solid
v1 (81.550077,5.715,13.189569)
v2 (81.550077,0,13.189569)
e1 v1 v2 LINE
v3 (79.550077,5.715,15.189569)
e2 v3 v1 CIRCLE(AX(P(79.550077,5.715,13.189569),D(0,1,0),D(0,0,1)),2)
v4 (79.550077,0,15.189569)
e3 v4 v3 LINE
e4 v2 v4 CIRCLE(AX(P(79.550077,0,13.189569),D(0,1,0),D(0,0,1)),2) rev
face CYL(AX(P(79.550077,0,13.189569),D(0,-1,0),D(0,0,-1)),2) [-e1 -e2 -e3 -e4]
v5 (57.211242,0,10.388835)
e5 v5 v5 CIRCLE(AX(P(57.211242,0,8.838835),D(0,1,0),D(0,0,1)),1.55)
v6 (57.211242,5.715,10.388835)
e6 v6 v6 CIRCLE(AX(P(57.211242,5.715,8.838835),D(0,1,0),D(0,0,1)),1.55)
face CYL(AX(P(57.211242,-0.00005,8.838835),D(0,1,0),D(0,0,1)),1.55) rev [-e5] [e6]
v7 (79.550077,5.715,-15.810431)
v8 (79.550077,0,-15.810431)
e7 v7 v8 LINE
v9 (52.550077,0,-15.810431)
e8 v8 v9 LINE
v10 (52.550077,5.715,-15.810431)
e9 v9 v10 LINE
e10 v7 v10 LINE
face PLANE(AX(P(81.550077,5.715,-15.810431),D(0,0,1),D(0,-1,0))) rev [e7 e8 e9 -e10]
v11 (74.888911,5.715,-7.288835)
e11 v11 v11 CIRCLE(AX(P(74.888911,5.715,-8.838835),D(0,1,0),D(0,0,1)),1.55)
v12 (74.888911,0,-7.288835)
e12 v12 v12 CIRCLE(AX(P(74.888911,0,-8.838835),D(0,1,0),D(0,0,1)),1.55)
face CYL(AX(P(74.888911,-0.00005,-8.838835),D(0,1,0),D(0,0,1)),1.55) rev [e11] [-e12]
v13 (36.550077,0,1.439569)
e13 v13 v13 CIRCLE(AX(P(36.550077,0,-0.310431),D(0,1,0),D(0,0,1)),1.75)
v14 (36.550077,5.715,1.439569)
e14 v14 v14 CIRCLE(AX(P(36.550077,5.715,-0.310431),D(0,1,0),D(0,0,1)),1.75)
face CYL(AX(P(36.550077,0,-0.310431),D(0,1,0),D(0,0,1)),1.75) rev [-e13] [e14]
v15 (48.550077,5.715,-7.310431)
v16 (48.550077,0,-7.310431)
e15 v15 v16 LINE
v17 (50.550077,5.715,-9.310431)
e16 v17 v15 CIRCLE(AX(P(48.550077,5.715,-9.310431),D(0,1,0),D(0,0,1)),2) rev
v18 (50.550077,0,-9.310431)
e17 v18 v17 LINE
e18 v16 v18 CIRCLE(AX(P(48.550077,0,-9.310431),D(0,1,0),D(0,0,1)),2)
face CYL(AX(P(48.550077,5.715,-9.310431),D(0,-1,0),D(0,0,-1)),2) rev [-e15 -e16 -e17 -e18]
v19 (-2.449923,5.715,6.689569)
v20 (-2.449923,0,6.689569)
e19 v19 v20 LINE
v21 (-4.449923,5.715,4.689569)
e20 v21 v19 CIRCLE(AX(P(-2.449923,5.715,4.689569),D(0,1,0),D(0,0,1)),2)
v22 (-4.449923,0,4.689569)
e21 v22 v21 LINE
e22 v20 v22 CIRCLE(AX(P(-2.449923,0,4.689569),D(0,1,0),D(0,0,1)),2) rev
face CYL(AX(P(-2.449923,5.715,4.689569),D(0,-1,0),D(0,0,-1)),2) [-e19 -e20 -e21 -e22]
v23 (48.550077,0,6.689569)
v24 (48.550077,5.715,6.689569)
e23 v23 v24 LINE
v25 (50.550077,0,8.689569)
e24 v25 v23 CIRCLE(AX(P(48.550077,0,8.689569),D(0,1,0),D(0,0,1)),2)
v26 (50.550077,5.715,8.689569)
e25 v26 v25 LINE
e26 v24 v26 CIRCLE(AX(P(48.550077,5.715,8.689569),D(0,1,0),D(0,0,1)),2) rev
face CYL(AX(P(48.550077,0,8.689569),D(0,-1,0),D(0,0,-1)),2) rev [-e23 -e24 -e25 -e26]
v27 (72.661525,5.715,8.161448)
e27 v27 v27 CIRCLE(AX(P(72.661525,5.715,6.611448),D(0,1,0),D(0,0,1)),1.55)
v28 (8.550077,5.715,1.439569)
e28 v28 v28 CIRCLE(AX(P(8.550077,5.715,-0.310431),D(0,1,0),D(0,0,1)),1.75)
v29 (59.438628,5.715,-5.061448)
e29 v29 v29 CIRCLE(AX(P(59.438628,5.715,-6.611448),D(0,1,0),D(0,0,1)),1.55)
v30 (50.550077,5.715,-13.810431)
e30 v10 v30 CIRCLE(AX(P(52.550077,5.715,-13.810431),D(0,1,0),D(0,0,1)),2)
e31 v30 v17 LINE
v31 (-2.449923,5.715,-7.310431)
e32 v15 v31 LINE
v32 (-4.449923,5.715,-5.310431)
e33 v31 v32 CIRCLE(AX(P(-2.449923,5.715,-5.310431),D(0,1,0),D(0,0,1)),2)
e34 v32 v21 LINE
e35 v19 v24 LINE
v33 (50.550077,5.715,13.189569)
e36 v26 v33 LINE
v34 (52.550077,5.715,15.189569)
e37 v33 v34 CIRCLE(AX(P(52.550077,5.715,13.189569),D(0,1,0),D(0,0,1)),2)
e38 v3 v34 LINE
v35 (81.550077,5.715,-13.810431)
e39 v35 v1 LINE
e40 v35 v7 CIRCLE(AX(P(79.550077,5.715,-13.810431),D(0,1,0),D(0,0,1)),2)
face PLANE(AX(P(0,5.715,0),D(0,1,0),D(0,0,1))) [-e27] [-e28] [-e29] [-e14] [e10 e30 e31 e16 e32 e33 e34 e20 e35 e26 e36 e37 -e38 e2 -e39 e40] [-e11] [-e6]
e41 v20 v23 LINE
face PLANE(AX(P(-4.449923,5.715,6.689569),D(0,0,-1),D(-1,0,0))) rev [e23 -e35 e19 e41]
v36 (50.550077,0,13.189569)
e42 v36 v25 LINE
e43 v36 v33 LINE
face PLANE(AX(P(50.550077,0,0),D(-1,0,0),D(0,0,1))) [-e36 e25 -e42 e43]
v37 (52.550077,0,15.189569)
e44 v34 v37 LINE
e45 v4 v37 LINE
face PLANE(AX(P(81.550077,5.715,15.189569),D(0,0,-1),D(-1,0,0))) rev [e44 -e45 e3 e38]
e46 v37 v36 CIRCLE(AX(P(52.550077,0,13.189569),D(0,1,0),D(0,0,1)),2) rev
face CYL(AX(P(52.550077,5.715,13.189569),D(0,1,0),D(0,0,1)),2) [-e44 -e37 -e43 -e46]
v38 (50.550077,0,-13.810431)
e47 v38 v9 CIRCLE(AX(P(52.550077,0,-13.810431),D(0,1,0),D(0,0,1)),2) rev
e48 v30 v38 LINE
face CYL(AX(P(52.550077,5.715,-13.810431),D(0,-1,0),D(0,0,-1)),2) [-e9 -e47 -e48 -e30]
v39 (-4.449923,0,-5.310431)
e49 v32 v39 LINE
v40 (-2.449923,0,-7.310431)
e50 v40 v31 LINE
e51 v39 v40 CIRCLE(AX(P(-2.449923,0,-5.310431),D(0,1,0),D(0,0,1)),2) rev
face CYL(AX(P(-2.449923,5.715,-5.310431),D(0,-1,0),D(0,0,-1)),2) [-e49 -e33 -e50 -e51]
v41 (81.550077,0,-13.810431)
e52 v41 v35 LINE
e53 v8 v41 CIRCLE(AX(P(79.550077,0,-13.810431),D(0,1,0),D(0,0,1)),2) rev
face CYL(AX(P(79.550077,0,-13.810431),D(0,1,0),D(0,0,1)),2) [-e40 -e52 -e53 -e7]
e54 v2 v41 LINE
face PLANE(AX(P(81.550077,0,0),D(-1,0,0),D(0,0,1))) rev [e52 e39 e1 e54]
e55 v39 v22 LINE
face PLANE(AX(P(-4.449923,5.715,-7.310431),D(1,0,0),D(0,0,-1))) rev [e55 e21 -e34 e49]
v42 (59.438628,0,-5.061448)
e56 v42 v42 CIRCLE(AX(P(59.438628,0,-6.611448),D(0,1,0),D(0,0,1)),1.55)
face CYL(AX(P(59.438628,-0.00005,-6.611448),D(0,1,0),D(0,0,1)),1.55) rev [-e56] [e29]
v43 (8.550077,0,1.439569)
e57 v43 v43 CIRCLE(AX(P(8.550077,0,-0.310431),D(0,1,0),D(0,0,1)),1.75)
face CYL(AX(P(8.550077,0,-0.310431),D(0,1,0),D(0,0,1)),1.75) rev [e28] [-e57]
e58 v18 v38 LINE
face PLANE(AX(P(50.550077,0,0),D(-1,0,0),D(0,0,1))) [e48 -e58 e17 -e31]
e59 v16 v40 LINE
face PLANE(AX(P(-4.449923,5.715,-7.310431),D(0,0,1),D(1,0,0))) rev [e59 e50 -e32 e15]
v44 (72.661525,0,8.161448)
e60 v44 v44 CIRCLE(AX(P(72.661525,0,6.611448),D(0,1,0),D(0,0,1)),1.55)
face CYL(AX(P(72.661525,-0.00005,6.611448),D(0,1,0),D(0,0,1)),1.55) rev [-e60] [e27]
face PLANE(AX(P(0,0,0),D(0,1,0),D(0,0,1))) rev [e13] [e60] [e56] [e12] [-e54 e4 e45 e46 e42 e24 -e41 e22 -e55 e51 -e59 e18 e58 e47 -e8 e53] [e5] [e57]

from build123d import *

# Parameters (mm, degrees)
SKETCH1_W           = 55
SKETCH1_H           = 14
BOSS_EXTRUDE1_DEPTH = 5.715
SKETCH2_R           = 1.75
CUT_EXTRUDE1_DEPTH  = 52.394687241
SKETCH3_W           = 31
SKETCH3_H           = 5.715
BOSS_EXTRUDE2_DEPTH = 31
SKETCH4_R           = 1.55
CUT_EXTRUDE2_DEPTH  = 84.264914302
FILLET1_R           = 2


with BuildPart() as part:
    # Sketch1 → Boss-Extrude1 (new body)
    with BuildSketch(Plane(origin=(0, 0, 0), x_dir=(1, 0, 0), z_dir=(0, 1, 0))):
        with Locations((23.05007671, 0.310430648)):
            Rectangle(SKETCH1_W, SKETCH1_H)
    extrude(amount=BOSS_EXTRUDE1_DEPTH)

    # Sketch2 → Cut-Extrude1 (cut, through all)
    with BuildSketch(Plane(origin=(0, 5.715, 0), x_dir=(1, 0, 0), z_dir=(0, 1, 0))):
        with Locations(Location((8.55007671, 0.310430648, 0), (0, 0, 270))):
            Circle(SKETCH2_R)
        with Locations(Location((36.55007671, 0.310430648, 0), (0, 0, 270))):
            Circle(SKETCH2_R)
    extrude(amount=-CUT_EXTRUDE1_DEPTH, mode=Mode.SUBTRACT)

    # Sketch3 → Boss-Extrude2 (add)
    with BuildSketch(Plane(origin=(50.55007671, 0, 0), x_dir=(0, 0, -1), z_dir=(1, 0, 0))):
        with Locations((0.310430648, 2.8575)):
            Rectangle(SKETCH3_W, SKETCH3_H)
    extrude(amount=BOSS_EXTRUDE2_DEPTH)

    # Sketch4 → Cut-Extrude2 (cut, through all)
    with BuildSketch(Plane(origin=(0, 5.715, 0), x_dir=(1, 0, 0), z_dir=(0, 1, 0))):
        with Locations(Location((57.211241945, -8.838834765, 0), (0, 0, 270))):
            Circle(SKETCH4_R)
        with Locations(Location((59.438628306, 6.611448404, 0), (0, 0, 270))):
            Circle(SKETCH4_R)
        with Locations(Location((74.888911475, 8.838834765, 0), (0, 0, 270))):
            Circle(SKETCH4_R)
        with Locations(Location((72.661525114, -6.611448404, 0), (0, 0, 270))):
            Circle(SKETCH4_R)
    extrude(amount=-CUT_EXTRUDE2_DEPTH, mode=Mode.SUBTRACT)

    # Fillet1
    fillet1_edges = [part.edges().sort_by_distance(p)[0] for p in [
        (-4.44992329, 2.8575, -7.310430648),
        (-4.44992329, 2.8575, 6.689569352),
        (50.55007671, 2.8575, -7.310430648),
        (50.55007671, 2.8575, 6.689569352),
        (50.55007671, 2.8575, -15.810430648),
        (81.55007671, 2.8575, -15.810430648),
        (81.55007671, 2.8575, 15.189569352),
        (50.55007671, 2.8575, 15.189569352),
    ]]
    fillet(fillet1_edges, radius=FILLET1_R)


solid = part.part
